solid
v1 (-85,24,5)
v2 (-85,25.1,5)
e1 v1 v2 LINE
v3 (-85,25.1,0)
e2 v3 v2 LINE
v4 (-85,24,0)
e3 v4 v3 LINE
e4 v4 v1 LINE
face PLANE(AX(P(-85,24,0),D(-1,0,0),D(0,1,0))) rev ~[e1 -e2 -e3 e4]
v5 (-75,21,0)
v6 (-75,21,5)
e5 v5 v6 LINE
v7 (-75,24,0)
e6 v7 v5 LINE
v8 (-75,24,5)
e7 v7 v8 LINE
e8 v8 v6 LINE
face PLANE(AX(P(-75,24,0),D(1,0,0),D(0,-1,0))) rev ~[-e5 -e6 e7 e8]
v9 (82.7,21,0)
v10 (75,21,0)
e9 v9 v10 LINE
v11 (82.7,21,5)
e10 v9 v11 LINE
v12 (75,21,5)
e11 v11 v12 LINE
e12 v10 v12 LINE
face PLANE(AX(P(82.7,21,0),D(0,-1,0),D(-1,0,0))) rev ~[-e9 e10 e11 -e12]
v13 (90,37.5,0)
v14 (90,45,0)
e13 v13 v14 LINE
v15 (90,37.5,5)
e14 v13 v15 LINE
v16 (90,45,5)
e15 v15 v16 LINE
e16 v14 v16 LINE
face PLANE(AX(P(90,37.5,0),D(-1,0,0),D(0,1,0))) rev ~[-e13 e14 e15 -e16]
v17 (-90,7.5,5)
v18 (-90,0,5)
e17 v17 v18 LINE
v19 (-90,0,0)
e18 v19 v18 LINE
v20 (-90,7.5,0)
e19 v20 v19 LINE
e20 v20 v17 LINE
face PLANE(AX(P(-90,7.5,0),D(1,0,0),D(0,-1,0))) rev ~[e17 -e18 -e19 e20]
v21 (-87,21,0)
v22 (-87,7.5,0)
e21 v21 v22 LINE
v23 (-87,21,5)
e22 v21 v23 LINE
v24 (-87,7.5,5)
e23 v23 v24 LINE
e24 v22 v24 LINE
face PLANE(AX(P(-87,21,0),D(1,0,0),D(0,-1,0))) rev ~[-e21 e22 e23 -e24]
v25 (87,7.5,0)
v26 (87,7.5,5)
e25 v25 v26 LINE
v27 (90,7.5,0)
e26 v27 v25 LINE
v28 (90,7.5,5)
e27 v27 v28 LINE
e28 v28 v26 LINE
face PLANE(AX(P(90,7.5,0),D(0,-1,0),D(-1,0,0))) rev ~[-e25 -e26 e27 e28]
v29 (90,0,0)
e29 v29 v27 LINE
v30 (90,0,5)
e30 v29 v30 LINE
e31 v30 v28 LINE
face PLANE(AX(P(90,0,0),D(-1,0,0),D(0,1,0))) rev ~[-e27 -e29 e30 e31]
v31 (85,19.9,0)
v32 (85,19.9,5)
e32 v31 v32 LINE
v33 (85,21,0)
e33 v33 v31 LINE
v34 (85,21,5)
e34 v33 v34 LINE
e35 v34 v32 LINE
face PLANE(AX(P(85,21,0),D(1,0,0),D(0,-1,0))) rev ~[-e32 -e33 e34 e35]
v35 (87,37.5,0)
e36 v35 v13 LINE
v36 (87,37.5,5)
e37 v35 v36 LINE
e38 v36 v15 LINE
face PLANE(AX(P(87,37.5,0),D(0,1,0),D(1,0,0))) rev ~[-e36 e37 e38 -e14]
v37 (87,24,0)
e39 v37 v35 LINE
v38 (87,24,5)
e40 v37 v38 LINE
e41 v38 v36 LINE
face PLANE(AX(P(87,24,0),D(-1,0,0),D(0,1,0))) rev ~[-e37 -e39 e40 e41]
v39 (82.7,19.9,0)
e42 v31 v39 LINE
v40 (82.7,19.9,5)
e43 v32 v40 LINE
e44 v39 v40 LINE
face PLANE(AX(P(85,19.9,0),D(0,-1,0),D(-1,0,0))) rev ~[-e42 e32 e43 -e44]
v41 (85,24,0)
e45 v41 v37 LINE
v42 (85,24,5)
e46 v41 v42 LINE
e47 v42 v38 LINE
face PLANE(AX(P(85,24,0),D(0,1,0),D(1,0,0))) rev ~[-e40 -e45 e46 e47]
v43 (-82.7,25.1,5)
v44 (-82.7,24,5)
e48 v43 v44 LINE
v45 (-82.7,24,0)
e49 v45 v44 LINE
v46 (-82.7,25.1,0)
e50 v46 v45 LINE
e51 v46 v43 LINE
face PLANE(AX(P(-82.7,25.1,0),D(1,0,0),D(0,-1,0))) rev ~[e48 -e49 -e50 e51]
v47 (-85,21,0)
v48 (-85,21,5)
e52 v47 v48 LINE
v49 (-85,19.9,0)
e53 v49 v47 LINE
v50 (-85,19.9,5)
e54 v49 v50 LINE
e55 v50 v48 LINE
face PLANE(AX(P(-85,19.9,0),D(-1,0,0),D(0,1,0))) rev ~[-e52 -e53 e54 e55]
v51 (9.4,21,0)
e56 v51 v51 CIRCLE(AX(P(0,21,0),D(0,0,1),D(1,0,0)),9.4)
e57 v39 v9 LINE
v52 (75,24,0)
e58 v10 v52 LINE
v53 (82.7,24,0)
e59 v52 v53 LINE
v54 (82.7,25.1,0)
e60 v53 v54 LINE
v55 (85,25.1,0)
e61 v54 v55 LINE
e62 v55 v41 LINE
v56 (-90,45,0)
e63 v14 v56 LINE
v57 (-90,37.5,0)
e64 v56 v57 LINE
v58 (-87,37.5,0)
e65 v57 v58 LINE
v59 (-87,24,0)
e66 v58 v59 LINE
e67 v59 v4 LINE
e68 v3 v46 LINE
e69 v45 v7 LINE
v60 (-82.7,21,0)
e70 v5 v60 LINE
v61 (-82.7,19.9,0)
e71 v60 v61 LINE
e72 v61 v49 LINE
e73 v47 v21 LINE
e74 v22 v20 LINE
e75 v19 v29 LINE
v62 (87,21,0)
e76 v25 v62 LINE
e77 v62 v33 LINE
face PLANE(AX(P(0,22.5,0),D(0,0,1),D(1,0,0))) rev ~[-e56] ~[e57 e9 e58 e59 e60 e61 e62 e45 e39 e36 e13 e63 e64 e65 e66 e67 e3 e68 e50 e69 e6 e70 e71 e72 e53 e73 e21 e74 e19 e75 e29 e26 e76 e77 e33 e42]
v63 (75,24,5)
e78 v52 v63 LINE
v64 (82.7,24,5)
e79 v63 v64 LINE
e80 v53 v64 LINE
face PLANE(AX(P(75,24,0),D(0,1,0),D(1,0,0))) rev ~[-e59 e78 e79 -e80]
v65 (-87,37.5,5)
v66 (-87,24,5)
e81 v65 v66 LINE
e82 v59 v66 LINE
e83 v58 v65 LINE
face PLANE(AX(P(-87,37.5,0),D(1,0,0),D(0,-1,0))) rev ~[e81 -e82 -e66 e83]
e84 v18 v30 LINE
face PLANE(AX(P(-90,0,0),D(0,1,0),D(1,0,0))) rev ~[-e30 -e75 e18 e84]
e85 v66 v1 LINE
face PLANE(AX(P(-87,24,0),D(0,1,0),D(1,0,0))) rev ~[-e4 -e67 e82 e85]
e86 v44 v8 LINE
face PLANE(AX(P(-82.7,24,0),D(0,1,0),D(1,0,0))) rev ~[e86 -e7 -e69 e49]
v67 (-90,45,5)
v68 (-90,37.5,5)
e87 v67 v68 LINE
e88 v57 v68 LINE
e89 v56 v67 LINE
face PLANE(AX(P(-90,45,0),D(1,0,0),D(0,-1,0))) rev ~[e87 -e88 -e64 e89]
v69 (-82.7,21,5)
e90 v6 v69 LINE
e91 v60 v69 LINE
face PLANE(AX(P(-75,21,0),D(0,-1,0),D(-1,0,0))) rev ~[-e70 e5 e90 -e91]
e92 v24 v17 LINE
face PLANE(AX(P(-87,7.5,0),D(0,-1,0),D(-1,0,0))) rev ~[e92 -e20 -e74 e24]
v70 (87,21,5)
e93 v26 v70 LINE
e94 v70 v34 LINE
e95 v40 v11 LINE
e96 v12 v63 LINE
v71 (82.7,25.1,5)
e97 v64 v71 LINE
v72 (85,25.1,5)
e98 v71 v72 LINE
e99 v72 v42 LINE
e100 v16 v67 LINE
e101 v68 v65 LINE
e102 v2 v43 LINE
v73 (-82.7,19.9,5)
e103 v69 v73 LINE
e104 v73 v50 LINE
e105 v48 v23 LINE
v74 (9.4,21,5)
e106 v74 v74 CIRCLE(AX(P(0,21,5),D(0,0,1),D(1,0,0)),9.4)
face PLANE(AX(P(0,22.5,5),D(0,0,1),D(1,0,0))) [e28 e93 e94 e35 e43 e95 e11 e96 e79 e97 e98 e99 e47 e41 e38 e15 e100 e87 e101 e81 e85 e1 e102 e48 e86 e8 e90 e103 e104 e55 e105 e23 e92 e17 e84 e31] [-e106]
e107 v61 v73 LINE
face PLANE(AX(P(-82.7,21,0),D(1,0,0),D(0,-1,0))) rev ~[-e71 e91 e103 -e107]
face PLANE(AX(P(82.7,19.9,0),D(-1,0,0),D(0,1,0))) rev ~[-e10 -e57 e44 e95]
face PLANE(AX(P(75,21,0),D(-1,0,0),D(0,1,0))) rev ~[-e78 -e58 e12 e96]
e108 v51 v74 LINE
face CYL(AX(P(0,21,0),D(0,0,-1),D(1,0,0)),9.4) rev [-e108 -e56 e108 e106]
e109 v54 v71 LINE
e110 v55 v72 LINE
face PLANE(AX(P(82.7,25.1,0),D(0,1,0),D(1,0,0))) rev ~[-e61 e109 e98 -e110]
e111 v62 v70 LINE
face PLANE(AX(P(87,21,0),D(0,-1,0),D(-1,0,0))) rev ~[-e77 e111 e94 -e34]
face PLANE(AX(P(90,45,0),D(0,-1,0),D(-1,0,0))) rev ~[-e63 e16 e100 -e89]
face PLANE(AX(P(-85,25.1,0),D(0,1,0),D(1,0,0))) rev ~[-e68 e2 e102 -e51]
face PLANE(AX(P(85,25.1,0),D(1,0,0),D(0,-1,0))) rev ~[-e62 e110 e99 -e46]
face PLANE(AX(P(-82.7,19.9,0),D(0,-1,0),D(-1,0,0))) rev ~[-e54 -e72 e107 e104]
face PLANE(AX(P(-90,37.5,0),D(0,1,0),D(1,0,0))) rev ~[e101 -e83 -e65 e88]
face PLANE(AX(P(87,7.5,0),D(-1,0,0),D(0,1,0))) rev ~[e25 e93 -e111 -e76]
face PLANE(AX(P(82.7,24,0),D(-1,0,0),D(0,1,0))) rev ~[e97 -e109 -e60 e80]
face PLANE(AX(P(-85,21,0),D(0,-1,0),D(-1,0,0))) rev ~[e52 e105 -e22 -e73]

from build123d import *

# Parameters (mm, degrees)
ESQUISSE1_R        = 9.4
BOSS_EXTRU_1_DEPTH = 5


with BuildPart() as part:
    # Esquisse1 → Boss.-Extru.1 (new body)
    with BuildSketch(Plane.XY):
        Polygon((90, 45), (34.5, 45), (-34.5, 45), (-90, 45), (-90, 37.5), (-87, 37.5), (-87, 24), (-85, 24), (-85, 25.1), (-82.7, 25.1), (-82.7, 24), (-75, 24), (-75, 21), (-82.7, 21), (-82.7, 19.9), (-85, 19.9), (-85, 21), (-87, 21), (-87, 7.5), (-90, 7.5), (-90, 0), (90, 0), (90, 7.5), (87, 7.5), (87, 21), (85, 21), (85, 19.9), (82.7, 19.9), (82.7, 21), (75, 21), (75, 24), (82.7, 24), (82.7, 25.1), (85, 25.1), (85, 24), (87, 24), (87, 37.5), (90, 37.5), align=None)
        with Locations((0, 21)):
            Circle(ESQUISSE1_R, mode=Mode.SUBTRACT)
    extrude(amount=BOSS_EXTRU_1_DEPTH)


solid = part.part
